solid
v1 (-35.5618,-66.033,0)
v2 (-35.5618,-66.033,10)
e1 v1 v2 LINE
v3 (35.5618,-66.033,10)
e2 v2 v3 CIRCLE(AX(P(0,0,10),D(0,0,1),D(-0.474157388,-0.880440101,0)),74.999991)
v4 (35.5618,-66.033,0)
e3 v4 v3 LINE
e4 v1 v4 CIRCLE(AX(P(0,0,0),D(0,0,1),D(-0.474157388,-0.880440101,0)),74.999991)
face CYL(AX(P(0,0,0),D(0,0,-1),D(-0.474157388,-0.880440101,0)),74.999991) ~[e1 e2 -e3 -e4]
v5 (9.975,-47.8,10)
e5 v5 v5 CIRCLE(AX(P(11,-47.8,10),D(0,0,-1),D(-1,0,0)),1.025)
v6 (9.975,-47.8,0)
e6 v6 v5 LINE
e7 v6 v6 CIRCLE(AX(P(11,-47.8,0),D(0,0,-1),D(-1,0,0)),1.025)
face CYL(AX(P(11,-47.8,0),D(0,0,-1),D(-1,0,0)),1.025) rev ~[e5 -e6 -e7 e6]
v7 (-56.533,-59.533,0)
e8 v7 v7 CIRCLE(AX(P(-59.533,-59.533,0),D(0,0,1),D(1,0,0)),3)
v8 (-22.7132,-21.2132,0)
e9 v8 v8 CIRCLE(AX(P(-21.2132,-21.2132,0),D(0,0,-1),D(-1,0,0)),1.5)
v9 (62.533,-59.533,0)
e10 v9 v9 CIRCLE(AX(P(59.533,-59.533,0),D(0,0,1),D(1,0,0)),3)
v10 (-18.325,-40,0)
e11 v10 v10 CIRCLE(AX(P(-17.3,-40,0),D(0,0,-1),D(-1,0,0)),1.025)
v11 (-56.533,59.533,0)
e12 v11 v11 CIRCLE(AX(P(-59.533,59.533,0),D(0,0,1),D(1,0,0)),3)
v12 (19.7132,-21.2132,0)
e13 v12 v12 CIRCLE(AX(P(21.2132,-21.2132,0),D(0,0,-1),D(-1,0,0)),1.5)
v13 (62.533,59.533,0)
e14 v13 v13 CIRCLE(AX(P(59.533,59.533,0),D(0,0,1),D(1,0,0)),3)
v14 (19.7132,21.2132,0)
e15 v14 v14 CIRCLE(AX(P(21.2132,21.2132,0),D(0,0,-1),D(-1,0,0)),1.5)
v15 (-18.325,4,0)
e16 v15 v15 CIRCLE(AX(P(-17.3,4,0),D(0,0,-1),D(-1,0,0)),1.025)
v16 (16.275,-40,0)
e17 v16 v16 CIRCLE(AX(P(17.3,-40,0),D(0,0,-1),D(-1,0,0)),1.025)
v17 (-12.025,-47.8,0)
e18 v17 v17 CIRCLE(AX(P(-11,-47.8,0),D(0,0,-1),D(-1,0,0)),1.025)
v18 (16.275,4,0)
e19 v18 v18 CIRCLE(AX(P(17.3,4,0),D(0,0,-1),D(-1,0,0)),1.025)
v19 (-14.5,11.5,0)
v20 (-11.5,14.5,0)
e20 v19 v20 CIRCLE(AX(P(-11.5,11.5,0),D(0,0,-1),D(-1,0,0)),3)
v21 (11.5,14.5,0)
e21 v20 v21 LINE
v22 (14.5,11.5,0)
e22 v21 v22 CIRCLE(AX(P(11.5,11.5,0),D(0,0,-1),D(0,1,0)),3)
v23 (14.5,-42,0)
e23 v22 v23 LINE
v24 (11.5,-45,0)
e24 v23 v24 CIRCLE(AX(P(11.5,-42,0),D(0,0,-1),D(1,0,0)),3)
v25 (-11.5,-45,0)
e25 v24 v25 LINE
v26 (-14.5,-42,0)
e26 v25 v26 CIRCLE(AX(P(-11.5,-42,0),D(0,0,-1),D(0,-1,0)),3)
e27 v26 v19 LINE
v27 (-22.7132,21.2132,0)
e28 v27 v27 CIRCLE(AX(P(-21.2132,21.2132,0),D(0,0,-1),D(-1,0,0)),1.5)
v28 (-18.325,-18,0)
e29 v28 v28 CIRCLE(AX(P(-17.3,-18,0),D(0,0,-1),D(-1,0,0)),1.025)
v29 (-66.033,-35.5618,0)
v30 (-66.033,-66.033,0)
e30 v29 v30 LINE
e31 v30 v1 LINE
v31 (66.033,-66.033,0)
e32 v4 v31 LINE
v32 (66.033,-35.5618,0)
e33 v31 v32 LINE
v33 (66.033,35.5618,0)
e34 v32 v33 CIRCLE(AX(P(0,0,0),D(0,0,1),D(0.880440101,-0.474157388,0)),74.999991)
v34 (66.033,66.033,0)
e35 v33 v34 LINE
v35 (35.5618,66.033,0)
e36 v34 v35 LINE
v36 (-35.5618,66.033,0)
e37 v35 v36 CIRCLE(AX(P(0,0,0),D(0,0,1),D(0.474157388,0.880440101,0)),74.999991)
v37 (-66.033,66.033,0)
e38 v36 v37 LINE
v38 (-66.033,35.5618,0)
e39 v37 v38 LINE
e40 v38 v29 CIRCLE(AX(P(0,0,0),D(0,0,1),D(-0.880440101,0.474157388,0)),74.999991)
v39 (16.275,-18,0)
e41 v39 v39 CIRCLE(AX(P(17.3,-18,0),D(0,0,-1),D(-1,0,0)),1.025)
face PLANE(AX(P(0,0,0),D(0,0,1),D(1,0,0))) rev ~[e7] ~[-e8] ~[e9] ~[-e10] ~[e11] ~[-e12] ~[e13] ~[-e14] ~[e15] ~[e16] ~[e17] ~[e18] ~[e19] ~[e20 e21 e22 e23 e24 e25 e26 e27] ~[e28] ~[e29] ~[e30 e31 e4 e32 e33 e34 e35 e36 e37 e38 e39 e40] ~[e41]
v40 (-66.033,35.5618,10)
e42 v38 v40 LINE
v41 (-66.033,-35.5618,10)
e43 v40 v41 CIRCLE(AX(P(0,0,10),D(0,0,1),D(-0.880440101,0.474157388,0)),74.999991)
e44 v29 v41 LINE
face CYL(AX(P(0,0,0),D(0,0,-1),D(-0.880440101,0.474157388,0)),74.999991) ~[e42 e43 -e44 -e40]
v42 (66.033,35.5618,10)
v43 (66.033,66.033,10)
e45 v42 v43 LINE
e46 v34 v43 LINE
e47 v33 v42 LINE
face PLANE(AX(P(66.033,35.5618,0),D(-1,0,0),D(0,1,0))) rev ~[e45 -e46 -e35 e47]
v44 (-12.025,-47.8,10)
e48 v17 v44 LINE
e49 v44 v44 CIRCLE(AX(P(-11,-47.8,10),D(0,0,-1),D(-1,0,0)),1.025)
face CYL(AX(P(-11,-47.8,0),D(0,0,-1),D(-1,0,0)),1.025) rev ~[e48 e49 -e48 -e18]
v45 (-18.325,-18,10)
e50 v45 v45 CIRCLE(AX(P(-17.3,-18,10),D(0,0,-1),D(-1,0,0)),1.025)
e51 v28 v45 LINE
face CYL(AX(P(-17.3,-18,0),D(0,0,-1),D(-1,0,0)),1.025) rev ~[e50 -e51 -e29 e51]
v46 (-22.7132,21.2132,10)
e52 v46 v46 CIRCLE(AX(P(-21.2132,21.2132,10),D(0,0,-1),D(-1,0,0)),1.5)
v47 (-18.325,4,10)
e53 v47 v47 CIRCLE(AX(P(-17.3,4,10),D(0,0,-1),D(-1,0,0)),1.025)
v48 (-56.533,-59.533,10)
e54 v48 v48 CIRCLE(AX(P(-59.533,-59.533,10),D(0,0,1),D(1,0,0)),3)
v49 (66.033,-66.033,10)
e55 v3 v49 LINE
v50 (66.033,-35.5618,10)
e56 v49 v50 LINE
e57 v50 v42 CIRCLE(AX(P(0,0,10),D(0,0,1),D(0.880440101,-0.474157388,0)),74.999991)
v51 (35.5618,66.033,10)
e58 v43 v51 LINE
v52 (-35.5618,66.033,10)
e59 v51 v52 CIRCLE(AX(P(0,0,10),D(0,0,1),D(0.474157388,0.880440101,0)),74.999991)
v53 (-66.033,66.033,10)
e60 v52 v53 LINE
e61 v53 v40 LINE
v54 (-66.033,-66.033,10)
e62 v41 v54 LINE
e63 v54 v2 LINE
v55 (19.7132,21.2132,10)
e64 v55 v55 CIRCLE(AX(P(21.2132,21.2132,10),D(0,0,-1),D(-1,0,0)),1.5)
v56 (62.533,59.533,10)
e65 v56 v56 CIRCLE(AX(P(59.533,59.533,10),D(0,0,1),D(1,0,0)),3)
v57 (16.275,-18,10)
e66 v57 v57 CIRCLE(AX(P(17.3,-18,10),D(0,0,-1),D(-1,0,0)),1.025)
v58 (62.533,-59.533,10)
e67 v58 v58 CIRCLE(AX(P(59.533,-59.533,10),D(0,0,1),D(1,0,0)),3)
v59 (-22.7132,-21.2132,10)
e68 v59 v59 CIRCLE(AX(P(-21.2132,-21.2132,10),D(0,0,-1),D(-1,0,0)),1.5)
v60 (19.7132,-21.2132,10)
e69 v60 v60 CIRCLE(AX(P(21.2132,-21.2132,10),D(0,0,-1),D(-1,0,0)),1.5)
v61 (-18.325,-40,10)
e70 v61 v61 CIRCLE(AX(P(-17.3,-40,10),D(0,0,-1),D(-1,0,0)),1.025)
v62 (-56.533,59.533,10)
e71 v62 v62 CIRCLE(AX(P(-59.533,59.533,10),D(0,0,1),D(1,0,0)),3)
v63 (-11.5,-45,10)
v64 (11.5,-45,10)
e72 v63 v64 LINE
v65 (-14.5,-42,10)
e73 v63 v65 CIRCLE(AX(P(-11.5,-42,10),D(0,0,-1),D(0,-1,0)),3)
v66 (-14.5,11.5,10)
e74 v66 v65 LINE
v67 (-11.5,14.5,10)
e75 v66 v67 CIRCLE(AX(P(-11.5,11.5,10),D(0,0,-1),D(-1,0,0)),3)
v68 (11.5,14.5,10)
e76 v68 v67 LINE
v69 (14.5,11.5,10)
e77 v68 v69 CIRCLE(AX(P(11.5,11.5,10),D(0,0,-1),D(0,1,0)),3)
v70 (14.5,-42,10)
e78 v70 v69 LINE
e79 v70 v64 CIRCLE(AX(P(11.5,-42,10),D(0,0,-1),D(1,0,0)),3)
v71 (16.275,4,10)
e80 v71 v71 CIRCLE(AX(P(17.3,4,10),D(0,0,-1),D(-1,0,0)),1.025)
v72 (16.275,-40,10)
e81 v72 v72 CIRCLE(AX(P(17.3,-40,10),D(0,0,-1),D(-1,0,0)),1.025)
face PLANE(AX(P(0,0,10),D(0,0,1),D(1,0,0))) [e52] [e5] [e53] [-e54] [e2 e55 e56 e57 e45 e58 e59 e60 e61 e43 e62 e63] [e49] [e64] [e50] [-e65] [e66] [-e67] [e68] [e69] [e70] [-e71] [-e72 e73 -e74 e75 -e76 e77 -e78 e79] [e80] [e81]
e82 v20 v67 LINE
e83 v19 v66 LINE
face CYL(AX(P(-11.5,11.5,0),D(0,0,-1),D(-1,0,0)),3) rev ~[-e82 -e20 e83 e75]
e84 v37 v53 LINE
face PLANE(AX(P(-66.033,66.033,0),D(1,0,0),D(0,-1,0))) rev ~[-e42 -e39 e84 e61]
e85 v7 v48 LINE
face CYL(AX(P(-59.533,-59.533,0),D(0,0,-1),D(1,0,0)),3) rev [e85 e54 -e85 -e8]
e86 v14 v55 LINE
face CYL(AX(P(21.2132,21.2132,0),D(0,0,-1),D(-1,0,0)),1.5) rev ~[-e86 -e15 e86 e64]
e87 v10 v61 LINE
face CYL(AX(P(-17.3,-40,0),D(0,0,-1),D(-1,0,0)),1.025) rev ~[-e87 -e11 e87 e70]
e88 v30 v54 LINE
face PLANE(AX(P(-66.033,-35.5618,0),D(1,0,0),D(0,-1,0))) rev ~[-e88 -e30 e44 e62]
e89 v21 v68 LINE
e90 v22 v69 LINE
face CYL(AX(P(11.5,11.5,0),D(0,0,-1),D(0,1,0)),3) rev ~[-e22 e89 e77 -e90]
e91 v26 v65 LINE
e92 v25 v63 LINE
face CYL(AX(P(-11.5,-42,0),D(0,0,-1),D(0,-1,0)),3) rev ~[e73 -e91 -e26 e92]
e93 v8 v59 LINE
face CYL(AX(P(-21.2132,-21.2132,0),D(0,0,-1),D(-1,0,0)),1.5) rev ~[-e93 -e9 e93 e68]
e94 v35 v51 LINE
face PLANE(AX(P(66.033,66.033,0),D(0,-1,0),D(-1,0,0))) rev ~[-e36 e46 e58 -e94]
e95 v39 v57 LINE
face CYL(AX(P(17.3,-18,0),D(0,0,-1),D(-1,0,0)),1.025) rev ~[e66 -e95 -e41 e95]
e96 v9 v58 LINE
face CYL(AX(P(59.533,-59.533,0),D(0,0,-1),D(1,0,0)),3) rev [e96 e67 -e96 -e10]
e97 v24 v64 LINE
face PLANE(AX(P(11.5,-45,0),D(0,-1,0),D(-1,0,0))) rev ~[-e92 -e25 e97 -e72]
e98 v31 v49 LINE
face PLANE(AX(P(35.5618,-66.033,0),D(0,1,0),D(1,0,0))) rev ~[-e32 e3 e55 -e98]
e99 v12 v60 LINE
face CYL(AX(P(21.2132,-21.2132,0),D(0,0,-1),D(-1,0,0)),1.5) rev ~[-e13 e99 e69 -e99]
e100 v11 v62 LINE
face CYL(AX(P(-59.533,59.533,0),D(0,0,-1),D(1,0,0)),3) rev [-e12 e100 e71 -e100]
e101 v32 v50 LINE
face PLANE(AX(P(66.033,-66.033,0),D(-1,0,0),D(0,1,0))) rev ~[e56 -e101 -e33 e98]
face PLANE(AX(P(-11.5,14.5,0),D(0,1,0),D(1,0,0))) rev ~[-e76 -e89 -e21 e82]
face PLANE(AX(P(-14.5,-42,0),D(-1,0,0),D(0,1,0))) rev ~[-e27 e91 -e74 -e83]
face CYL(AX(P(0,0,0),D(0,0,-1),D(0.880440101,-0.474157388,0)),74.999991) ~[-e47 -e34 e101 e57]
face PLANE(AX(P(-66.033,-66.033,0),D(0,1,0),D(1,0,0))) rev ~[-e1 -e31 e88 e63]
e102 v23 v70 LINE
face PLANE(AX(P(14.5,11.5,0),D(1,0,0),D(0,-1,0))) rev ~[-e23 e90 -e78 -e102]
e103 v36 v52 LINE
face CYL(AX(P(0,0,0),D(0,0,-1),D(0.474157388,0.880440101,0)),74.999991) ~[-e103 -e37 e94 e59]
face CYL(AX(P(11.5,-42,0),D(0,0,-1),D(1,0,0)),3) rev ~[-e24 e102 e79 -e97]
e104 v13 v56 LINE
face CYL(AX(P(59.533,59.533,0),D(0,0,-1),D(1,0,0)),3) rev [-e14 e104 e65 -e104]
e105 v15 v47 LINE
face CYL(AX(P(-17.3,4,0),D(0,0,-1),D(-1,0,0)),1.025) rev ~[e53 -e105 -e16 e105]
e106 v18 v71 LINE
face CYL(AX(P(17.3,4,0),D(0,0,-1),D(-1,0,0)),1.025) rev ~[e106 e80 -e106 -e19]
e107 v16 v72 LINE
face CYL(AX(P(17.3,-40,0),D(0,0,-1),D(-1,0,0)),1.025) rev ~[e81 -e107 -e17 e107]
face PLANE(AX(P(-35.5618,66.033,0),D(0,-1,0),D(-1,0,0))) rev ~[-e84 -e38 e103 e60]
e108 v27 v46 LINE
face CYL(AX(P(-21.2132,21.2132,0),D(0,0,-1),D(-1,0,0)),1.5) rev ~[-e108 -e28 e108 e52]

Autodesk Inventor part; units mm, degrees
ref_plane "YZ Plane" through (0, 0, 0) normal (1, 0, 0) x (0, 1, 0)
ref_plane "XZ Plane" through (0, 0, 0) normal (0, 1, 0) x (-1, 0, 0)
ref_plane "XY Plane" through (0, 0, 0) normal (0, 0, 1) x (1, 0, 0)
sketch "Эскиз1" plane through (0, 0, 0) normal (0, 0, 1) x (1, 0, 0)
  circle A0 centre (59.533, -59.533) radius 3 projected
  circle A1 centre (-59.533, -59.533) radius 3 projected
  circle A2 centre (-59.533, 59.533) radius 3 projected
  circle A3 centre (59.533, 59.533) radius 3 projected
  circle A4 centre (0, 0) radius 65 projected
  arc A5 (35.5618, 66.033) -> (-35.5618, 66.033) centre (0, 0) ccw projected
  line L0 (-35.5618, 66.033) -> (-66.033, 66.033) projected
  line L1 (-66.033, 66.033) -> (-66.033, 35.5618) projected
  arc A6 (-66.033, 35.5618) -> (-66.033, -35.5618) centre (0, 0) ccw projected
  line L2 (-66.033, -35.5618) -> (-66.033, -66.033) projected
  line L3 (-66.033, -66.033) -> (-35.5618, -66.033) projected
  arc A7 (-35.5618, -66.033) -> (35.5618, -66.033) centre (0, 0) ccw projected
  line L4 (35.5618, -66.033) -> (66.033, -66.033) projected
  line L5 (66.033, -66.033) -> (66.033, -35.5618) projected
  arc A8 (66.033, -35.5618) -> (66.033, 35.5618) centre (0, 0) ccw projected
  line L6 (66.033, 35.5618) -> (66.033, 66.033) projected
  line L7 (66.033, 66.033) -> (35.5618, 66.033) projected
  point P0 (0, 0)
extrude "Выдавливание1" add sketch "Эскиз1" along normal blind 10 contours A4 | L7 L6 A8 L5 L4 A7 L3 L2 A6 L1 L0 A5
sketch "Эскиз8" plane through (0, 0, 0) normal (0, 0, -1) x (-1, 0, 0)
  arc A0 (-18, 26.5) -> (-26.5, 18) centre (-18, 18) ccw
  line L0 (-26.5, -18) -> (-26.5, 18)
  arc A1 (-26.5, -18) -> (-18, -26.5) centre (-18, -18) ccw
  line L1 (18, -26.5) -> (-18, -26.5)
  arc A2 (18, -26.5) -> (26.5, -18) centre (18, -18) ccw
  line L2 (26.5, 18) -> (26.5, -18)
  arc A3 (26.5, 18) -> (18, 26.5) centre (18, 18) ccw
  line L3 (-18, 26.5) -> (18, 26.5)
  circle A4 centre (-21.2132, 21.2132) radius 1.5
  circle A5 centre (-21.2132, -21.2132) radius 1.5
  circle A6 centre (21.2132, -21.2132) radius 1.5
  circle A7 centre (21.2132, 21.2132) radius 1.5
  circle A8 centre (0, 0) radius 22
extrude "Выдавливание6" cut sketch "Эскиз8" against normal blind 10 contours A4 | A5 | A6 | A7
sketch "Эскиз9" plane through (0, 0, 0) normal (0, 0, -1) x (-1, 0, 0)
  line L0 (20.1, -44.6) -> (20.1, 8.5)
  line L1 (20.1, 8.5) -> (15, 14.5)
  line L2 (11.5, 14.5) -> (15, 14.5)
  line L3 (11.5, 14.5) -> (-11.5, 14.5)
  line L4 (-15, 14.5) -> (-11.5, 14.5)
  line L5 (-15, 14.5) -> (-20.1, 8.5)
  line L6 (-20.1, 8.5) -> (-20.1, -44.6)
  line L7 (-20.1, -44.6) -> (-15, -50.6)
  line L8 (-15, -50.6) -> (15, -50.6)
  line L9 (15, -50.6) -> (20.1, -44.6)
  circle A0 centre (11, -47.8) radius 1.025
  circle A1 centre (-11, -47.8) radius 1.025
  circle A2 centre (-17.3, -40) radius 1.025
  circle A3 centre (17.3, -40) radius 1.025
  circle A4 centre (17.3, -18) radius 1.025
  circle A5 centre (17.3, 4) radius 1.025
  circle A6 centre (-17.3, 4) radius 1.025
  circle A7 centre (0, 0) radius 1.55
  circle A8 centre (0, 0) radius 14
  line L10 (-14.5, 11.5) -> (-14.5, -42)
  arc A9 (-11.5, 14.5) -> (-14.5, 11.5) centre (-11.5, 11.5) ccw
  arc A10 (-14.5, -42) -> (-11.5, -45) centre (-11.5, -42) ccw
  line L11 (-20.1, 8.5) -> (-20.1, -44.6)
  arc A11 (14.5, 11.5) -> (11.5, 14.5) centre (11.5, 11.5) ccw
  line L12 (14.5, -42) -> (14.5, 11.5)
  arc A12 (11.5, -45) -> (14.5, -42) centre (11.5, -42) ccw
  line L13 (-11.5, -45) -> (11.5, -45)
  circle A13 centre (-17.3, -18) radius 1.025
extrude "Выдавливание7" cut sketch "Эскиз9" against normal blind 20.75 contours A11 L12 A12 L13 A10 L10 A9 L3 | A0 | A1 | A2 | A3 | A4 | A5 | A6 | A7 | A8 | A13
properties part number "000.202 - Крышка" material "Пластик АБС"
